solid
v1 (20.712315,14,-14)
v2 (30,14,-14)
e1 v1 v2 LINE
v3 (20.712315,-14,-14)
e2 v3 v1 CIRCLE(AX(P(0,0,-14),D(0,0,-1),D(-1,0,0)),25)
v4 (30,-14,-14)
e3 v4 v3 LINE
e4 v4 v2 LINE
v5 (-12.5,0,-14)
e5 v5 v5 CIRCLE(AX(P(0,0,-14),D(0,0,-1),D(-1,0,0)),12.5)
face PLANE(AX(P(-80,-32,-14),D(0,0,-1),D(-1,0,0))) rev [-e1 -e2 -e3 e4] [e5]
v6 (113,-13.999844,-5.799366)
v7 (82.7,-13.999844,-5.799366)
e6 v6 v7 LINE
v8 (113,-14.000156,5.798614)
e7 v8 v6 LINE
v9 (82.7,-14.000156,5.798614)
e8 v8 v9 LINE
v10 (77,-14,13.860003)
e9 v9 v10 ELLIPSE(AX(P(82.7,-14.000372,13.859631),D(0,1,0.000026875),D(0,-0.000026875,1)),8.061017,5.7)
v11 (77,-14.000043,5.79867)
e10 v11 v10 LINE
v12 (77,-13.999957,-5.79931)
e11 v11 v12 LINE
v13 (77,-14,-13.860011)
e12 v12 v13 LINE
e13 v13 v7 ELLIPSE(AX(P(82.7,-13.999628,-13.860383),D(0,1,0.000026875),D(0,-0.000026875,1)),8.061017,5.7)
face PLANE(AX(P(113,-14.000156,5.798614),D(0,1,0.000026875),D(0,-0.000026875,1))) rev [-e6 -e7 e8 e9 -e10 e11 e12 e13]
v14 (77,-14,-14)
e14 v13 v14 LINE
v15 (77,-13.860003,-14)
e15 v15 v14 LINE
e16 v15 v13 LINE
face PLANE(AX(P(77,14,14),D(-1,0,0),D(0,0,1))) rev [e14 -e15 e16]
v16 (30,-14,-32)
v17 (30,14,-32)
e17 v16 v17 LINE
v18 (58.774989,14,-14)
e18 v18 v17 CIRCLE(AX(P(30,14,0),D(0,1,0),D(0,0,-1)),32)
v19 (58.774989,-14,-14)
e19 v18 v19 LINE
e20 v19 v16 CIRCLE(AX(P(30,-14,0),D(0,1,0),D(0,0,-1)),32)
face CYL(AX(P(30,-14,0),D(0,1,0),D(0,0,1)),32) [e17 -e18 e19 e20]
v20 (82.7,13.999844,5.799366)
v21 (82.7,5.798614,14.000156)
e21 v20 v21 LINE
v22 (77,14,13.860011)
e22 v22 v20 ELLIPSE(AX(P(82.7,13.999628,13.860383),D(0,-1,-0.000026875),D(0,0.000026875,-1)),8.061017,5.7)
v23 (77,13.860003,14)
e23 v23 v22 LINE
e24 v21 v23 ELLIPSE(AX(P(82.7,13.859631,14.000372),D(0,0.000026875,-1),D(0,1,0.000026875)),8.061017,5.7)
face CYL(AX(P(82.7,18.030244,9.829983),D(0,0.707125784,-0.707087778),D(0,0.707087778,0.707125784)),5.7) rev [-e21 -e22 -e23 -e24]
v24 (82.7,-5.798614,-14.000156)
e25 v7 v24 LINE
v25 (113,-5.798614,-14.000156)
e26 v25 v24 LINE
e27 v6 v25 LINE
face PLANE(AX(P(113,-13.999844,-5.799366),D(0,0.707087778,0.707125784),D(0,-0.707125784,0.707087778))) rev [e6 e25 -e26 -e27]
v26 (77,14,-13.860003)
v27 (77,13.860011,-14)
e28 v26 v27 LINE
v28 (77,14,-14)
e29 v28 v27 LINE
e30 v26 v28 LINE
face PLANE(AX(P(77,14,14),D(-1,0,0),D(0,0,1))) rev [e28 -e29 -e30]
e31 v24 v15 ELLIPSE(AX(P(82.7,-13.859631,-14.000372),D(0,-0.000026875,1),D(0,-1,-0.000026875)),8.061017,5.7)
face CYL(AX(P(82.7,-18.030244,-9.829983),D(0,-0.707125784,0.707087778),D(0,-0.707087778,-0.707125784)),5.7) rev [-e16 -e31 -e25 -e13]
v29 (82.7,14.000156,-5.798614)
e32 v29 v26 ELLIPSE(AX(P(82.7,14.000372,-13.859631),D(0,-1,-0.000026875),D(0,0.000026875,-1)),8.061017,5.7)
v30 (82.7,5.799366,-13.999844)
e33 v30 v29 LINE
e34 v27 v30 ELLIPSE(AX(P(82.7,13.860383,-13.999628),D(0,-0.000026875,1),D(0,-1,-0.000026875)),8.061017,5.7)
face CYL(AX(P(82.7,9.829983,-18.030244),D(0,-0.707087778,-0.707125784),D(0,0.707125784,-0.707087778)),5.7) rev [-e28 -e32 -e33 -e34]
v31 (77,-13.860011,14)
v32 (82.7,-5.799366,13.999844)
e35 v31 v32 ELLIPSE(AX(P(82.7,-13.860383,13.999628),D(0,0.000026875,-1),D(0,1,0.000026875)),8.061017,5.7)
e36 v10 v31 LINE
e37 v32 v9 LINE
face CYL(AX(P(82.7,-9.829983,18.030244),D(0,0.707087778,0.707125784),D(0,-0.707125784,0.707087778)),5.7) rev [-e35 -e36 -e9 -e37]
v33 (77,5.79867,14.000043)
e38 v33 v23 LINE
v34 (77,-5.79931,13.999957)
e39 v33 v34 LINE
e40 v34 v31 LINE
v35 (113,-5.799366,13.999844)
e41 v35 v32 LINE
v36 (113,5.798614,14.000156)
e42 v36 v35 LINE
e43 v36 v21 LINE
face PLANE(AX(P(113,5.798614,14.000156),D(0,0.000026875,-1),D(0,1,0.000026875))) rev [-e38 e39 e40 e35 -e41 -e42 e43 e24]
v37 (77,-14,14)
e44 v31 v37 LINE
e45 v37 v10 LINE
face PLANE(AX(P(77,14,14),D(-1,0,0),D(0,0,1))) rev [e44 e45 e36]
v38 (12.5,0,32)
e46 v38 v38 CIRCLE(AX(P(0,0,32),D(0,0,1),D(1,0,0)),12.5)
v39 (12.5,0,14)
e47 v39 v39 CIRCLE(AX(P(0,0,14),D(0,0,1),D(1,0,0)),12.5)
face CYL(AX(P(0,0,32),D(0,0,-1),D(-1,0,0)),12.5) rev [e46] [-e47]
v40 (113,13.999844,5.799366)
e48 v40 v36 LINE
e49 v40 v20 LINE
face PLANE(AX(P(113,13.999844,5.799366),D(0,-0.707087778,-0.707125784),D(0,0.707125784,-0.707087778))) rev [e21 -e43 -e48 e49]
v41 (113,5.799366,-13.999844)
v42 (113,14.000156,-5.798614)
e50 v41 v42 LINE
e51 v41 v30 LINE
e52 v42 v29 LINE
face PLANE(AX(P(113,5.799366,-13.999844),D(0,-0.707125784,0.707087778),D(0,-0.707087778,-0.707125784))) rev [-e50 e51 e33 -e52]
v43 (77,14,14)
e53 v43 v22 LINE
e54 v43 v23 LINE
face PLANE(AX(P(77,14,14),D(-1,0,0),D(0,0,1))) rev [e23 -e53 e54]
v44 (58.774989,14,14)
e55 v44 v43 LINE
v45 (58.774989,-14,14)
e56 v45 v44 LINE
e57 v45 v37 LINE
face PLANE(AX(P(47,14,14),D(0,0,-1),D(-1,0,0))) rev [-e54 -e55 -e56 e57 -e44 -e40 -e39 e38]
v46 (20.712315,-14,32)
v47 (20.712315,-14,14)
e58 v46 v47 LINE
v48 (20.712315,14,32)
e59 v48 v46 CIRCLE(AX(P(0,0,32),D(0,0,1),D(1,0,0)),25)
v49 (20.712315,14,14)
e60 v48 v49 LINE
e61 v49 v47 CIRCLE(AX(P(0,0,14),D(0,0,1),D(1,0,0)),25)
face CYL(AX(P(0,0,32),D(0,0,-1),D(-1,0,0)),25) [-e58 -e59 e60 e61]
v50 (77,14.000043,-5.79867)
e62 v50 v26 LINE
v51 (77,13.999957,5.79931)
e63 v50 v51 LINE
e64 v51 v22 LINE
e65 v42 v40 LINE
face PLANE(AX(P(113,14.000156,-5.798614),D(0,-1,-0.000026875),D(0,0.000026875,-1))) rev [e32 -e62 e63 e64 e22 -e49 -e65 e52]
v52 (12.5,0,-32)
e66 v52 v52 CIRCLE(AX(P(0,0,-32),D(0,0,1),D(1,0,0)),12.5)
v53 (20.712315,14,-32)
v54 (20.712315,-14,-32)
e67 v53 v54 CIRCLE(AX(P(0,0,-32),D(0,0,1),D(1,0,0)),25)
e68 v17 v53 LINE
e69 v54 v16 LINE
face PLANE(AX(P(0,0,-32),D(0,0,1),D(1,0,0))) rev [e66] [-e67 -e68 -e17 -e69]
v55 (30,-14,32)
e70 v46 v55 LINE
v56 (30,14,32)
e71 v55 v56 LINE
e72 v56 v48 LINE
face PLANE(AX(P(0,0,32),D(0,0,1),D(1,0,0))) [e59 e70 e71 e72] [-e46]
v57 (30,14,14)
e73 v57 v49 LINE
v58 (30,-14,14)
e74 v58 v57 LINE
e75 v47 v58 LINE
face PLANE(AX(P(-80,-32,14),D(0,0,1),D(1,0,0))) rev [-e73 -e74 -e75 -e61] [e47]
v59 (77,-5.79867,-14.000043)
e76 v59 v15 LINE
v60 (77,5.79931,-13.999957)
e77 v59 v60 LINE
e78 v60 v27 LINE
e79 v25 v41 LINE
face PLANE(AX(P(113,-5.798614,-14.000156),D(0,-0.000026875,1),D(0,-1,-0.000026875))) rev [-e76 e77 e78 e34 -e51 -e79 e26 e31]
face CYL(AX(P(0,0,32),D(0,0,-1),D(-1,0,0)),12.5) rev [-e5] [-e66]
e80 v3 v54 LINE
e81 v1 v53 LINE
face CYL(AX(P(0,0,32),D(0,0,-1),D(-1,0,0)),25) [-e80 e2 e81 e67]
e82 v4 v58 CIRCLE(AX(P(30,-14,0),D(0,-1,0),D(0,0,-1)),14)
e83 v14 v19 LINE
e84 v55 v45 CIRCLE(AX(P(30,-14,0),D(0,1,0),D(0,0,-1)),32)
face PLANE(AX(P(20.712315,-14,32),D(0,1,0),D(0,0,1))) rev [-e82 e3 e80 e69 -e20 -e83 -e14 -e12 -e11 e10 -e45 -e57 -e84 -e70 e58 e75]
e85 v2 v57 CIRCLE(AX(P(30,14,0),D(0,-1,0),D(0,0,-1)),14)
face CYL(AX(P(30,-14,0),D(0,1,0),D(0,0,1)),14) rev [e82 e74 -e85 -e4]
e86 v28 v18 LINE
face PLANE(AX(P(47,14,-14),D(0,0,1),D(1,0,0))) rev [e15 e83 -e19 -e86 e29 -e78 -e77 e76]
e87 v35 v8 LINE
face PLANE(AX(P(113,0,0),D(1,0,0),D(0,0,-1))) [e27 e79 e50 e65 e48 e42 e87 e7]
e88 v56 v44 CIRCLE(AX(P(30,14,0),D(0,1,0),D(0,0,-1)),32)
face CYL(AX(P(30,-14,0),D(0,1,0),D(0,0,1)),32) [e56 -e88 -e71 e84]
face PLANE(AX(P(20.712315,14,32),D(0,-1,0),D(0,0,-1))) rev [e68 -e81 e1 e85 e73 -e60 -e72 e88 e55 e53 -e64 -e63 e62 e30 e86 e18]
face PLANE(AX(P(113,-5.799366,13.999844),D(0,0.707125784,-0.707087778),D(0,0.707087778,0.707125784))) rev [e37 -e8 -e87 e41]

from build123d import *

# Parameters (mm, degrees)
CROQUIS1_R              = 12.5
SALIENTE_EXTRUIR2_DEPTH = 32
CROQUIS3_W              = 110
CROQUIS3_H              = 28
CORTAR_EXTRUIR1_DEPTH   = 32
SALIENTE_EXTRUIR3_DEPTH = 28
CROQUIS9_W              = 30
CROQUIS9_H              = 28
SALIENTE_EXTRUIR4_DEPTH = 14
SALIENTE_EXTRUIR5_DEPTH = 36
REDONDEO2_R             = 5.7


with BuildPart() as part:
    # Croquis1 → Saliente-Extruir2 (new, symmetric)
    with BuildSketch(Plane.XY):
        with BuildLine():
            Line((20.712315177, -14), (30, -14))
            Line((30, -14), (30, 14))
            Line((30, 14), (20.712315177, 14))
            ThreePointArc((20.712315177, 14), (-25, 0), (20.712315177, -14))
        make_face()
        Circle(CROQUIS1_R, mode=Mode.SUBTRACT)
    extrude(amount=SALIENTE_EXTRUIR2_DEPTH, both=True)

    # Croquis3 → Cortar-Extruir1 (cut, symmetric)
    with BuildSketch(Plane(origin=(0, 0, 0), x_dir=(1, 0, 0), z_dir=(0, 1, 0))):
        with Locations((-25, 0)):
            Rectangle(CROQUIS3_W, CROQUIS3_H)
    extrude(amount=CORTAR_EXTRUIR1_DEPTH, both=True, mode=Mode.SUBTRACT)


with BuildPart() as cortar_extruir1_piece_1:
    # of the separate pieces the step leaves, piece 1, a body of its own (cortar_extruir1_pieces)
    add(part.part.solids().sort_by_distance((20.712315177, -14, -14))[0])



with BuildPart() as cortar_extruir1_piece_2:
    # of the separate pieces the step leaves, piece 2, a body of its own (cortar_extruir1_pieces)
    add(part.part.solids().sort_by_distance((20.712315177, -14, 32))[0])


with BuildPart() as cortar_extruir1_piece_1_1:
    add(cortar_extruir1_piece_1.part)

    add(cortar_extruir1_piece_2.part)  # Saliente-Extruir3 merges Cortar-Extruir1 piece 2
    # Croquis7 → Saliente-Extruir3 (add)
    with BuildSketch(Plane(origin=(0, 14, 0), x_dir=(1, 0, 0), z_dir=(0, 1, 0))):
        with BuildLine():
            Line((30, 32), (30, 14))
            ThreePointArc((30, 14), (44, 0), (30, -14))
            Line((30, -14), (30, -32))
            ThreePointArc((30, -32), (62, 0), (30, 32))
        make_face()
    extrude(amount=-SALIENTE_EXTRUIR3_DEPTH)

    # Croquis9 → Saliente-Extruir4 (add, symmetric)
    with BuildSketch(Plane(origin=(0, 0, 0), x_dir=(1, 0, 0), z_dir=(0, 1, 0))):
        with Locations((62, 0)):
            Rectangle(CROQUIS9_W, CROQUIS9_H)
    extrude(amount=SALIENTE_EXTRUIR4_DEPTH, both=True)

    # Croquis10 → Saliente-Extruir5 (add)
    with BuildSketch(Plane(origin=(77, 0, 0), x_dir=(0, 0, -1), z_dir=(1, 0, 0))):
        Polygon((-14.00015584, 5.798613627), (-13.99984415, -5.799366115), (-5.798613627, -14.00015584), (5.799366115, -13.99984415), (14.00015584, -5.798613627), (13.99984415, 5.799366115), (5.798613627, 14.00015584), (-5.799366115, 13.99984415), align=None)
    extrude(amount=SALIENTE_EXTRUIR5_DEPTH)

    # Redondeo2
    redondeo2_edges = [cortar_extruir1_piece_1_1.edges().sort_by_distance(p)[0] for p in [
        (77, -9.899683057, 9.899306813),
        (77, -9.899306813, -9.899683057),
        (77, 9.899683057, -9.899306813),
        (77, 9.899306813, 9.899683057),
    ]]
    fillet(redondeo2_edges, radius=REDONDEO2_R)


solid = cortar_extruir1_piece_1_1.part
